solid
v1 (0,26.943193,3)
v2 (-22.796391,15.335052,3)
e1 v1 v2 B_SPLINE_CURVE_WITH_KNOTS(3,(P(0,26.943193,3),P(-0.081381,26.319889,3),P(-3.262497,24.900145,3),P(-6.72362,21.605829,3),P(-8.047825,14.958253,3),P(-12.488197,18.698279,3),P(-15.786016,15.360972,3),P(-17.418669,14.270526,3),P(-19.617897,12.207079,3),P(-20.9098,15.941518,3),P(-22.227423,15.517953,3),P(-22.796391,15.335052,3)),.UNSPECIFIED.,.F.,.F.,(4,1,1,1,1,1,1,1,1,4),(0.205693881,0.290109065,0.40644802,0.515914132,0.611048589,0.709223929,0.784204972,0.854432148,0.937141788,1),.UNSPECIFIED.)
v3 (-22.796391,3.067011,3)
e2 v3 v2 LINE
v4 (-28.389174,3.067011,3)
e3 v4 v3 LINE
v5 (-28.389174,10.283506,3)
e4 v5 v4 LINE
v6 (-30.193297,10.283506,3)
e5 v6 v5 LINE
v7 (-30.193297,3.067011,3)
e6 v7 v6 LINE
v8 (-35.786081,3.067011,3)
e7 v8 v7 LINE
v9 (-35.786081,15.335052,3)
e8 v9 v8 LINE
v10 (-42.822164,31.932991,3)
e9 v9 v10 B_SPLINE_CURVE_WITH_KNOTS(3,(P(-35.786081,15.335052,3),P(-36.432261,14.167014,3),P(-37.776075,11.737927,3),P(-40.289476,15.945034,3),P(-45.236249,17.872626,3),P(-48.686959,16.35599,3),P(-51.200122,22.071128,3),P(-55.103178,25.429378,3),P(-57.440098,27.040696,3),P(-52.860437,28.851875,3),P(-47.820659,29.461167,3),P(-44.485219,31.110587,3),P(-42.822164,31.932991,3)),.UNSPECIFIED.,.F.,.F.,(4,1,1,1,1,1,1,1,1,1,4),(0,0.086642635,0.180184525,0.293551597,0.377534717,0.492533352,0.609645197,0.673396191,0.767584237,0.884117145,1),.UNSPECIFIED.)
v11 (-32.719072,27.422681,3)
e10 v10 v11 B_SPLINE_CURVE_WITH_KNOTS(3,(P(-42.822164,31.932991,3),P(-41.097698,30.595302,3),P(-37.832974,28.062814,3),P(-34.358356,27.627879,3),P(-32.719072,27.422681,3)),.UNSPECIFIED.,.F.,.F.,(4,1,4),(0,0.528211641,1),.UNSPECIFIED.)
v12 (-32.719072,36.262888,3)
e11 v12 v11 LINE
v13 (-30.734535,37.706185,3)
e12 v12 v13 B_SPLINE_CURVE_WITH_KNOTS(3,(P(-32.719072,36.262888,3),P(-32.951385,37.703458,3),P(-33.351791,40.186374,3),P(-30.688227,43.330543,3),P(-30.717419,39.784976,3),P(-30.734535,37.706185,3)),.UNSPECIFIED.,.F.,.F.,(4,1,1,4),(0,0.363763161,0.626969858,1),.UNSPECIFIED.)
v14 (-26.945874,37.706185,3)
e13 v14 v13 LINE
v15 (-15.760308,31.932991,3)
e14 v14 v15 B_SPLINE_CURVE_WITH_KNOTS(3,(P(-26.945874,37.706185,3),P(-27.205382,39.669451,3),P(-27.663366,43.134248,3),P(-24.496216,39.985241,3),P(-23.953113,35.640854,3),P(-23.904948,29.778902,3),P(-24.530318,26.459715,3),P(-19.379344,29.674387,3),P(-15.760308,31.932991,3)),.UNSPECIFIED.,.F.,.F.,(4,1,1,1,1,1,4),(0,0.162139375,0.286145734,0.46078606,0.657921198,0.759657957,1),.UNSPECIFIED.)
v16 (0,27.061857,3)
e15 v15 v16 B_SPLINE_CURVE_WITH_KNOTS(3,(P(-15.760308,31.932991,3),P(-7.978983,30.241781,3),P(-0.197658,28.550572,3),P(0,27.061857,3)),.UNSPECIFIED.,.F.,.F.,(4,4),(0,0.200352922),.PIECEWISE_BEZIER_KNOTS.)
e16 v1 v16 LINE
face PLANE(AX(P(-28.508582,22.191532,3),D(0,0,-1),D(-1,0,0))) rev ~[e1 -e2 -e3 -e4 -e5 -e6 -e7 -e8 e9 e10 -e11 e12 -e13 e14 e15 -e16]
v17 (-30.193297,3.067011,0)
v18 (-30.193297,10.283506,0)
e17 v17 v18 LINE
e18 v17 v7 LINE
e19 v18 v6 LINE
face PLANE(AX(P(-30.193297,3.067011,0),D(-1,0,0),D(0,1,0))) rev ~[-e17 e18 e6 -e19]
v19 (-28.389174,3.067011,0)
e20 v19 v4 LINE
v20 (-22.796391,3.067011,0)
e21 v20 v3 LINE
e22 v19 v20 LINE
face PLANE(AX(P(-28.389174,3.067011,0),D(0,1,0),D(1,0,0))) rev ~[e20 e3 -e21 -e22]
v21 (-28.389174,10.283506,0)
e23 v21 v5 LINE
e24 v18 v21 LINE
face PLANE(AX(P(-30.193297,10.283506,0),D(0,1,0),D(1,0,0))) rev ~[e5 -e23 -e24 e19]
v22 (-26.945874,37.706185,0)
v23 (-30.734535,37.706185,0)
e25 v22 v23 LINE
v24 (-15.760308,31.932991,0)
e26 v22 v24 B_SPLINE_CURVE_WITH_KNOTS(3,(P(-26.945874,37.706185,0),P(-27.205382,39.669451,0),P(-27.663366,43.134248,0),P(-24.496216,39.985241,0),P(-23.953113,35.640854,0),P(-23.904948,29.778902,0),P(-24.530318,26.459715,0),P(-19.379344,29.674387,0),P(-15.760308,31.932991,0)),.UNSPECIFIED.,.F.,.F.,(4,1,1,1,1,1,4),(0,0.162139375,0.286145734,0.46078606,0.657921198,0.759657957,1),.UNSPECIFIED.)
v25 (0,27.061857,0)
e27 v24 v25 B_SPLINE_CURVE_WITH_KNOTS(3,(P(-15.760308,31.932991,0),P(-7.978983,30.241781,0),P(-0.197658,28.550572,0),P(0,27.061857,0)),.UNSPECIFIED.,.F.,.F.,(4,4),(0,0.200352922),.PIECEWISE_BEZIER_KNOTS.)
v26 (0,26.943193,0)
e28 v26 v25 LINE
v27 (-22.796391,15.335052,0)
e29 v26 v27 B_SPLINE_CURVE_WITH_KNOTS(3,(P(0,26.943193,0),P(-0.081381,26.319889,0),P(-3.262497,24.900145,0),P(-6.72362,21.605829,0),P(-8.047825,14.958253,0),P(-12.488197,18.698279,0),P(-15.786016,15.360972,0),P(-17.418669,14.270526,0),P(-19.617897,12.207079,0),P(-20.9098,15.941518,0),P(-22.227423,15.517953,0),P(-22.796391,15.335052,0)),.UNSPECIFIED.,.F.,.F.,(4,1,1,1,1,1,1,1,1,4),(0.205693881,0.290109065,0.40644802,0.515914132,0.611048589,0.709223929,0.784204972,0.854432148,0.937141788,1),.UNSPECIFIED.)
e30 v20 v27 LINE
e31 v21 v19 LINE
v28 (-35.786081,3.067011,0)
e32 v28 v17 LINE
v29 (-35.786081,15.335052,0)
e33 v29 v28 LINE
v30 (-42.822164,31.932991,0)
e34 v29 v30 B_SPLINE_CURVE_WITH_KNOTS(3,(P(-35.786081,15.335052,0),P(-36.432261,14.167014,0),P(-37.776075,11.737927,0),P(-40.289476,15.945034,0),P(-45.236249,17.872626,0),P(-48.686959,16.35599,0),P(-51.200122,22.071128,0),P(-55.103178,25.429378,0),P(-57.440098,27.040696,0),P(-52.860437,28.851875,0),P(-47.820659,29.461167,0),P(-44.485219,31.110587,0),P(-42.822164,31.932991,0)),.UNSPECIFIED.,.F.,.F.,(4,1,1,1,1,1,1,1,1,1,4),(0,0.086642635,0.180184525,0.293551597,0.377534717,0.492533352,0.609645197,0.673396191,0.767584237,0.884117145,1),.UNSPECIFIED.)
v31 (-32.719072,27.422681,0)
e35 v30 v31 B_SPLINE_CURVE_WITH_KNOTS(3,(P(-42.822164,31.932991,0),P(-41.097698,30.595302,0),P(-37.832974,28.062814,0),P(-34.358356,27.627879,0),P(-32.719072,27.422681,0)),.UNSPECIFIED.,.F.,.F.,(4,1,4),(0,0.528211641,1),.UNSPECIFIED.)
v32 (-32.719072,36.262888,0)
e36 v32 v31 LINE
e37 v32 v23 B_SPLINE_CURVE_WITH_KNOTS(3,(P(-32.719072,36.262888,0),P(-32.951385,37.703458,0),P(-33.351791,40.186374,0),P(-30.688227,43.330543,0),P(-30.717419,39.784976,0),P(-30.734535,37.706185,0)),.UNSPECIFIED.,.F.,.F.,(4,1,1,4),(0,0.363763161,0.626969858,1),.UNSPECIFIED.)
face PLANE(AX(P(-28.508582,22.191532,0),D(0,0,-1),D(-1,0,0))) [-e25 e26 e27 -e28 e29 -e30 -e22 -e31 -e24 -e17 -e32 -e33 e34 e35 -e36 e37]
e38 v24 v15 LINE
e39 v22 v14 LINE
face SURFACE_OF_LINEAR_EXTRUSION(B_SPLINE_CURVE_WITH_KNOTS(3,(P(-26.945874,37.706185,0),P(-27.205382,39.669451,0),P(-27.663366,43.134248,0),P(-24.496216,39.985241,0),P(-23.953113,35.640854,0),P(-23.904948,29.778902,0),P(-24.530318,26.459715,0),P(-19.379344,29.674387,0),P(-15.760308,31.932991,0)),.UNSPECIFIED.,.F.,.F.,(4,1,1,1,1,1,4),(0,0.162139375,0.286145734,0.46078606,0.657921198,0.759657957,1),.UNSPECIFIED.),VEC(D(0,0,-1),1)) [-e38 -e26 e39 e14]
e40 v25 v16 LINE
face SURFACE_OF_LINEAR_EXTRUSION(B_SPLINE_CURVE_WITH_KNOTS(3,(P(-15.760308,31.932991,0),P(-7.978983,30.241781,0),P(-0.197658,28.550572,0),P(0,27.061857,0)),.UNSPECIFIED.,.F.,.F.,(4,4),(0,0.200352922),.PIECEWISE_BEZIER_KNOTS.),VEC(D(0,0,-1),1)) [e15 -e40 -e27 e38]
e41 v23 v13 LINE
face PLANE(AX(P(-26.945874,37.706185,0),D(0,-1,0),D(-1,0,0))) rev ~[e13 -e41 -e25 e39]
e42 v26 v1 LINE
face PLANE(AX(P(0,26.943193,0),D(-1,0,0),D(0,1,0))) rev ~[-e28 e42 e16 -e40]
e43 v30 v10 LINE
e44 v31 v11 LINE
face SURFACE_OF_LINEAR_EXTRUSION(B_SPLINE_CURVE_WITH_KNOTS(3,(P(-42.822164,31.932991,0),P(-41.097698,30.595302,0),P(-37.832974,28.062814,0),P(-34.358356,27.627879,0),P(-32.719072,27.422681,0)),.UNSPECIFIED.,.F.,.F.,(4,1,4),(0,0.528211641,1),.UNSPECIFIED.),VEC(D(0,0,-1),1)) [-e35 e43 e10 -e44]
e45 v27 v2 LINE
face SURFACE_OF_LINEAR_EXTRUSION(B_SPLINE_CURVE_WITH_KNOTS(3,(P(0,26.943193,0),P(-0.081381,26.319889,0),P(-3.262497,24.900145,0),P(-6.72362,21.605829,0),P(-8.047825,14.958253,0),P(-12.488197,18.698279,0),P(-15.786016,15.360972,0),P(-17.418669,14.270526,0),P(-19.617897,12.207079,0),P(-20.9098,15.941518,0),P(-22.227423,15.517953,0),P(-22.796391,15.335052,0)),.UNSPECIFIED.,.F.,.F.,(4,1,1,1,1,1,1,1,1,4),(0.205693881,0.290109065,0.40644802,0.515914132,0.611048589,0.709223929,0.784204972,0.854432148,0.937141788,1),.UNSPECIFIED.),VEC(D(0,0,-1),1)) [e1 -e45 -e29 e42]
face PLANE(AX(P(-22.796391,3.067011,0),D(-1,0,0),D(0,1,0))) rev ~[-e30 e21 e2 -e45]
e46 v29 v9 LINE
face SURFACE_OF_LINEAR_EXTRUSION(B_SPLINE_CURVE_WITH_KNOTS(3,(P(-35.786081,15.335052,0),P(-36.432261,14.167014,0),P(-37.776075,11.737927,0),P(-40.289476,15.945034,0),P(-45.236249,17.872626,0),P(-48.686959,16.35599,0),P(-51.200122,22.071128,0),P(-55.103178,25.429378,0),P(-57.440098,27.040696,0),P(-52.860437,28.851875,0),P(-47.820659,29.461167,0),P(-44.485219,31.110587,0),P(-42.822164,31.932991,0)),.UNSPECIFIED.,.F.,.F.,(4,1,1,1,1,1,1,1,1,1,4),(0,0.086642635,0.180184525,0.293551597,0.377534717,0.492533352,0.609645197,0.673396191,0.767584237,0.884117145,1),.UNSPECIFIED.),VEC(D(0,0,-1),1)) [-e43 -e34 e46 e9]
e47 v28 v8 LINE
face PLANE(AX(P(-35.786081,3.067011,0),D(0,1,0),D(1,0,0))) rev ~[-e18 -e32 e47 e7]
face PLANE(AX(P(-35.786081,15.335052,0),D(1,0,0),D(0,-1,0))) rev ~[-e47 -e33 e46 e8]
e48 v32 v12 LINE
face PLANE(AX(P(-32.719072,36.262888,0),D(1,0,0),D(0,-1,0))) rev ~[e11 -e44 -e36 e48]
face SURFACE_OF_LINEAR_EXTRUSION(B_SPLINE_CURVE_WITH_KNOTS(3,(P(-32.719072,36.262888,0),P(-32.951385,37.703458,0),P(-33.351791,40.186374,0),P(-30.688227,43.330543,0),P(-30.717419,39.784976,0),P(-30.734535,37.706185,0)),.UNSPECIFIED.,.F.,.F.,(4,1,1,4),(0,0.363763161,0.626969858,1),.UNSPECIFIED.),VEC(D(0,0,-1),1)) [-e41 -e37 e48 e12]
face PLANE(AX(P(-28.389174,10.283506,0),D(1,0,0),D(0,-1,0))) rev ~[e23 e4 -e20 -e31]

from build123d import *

# Parameters (mm, degrees)
F0_R     = 3.0828871826
F1_DEPTH = 3


with BuildPart() as f1:
    # F0 (on Top) → F1 (new body)
    with BuildSketch(Plane.XY):
        with BuildLine():
            add(Edge.make_bspline(
                [(0, 26.9431930702), (-0.0813812973, 26.3198887815), (-3.2624966971, 24.9001450806), (-6.7236197926, 21.6058290491), (-8.047824953, 14.958252634), (-12.4881969458, 18.69827943), (-15.7860160219, 15.3609723167), (-17.4186694562, 14.2705259024), (-19.6178971471, 12.2070789577), (-20.9098004004, 15.9415175837), (-22.227422942, 15.517953223), (-22.7963905782, 15.3350522742)],
                knots=[0.2056938811, 0.2056938811, 0.2056938811, 0.2056938811, 0.2901090655, 0.4064480196, 0.5159141319, 0.6110485889, 0.709223929, 0.7842049719, 0.8544321479, 0.9371417882, 1, 1, 1, 1], degree=3))
            Line((0, 26.9431930702), (0, 27.0618572831))
            add(Edge.make_bspline(
                [(-15.7603081316, 31.932990998), (-7.9789830104, 30.2417813469), (-0.1976578892, 28.5505716959), (0, 27.0618572831)],
                knots=[0, 0, 0, 0, 0.2003529217, 0.2003529217, 0.2003529217, 0.2003529217], degree=3))
            add(Edge.make_bspline(
                [(-26.945874095, 37.7061851323), (-27.205382433, 39.6694506358), (-27.6633662123, 43.1342478047), (-24.4962157439, 39.9852406429), (-23.9531127342, 35.6408540235), (-23.9049484672, 29.7789021763), (-24.5303178112, 26.4597153594), (-19.3793441987, 29.674386656), (-15.7603081316, 31.932990998)],
                knots=[0, 0, 0, 0, 0.1621393755, 0.2861457343, 0.46078606, 0.6579211984, 0.7596579571, 1, 1, 1, 1], degree=3))
            Line((-26.945874095, 37.7061851323), (-30.7345353067, 37.7061851323))
            add(Edge.make_bspline(
                [(-32.7190719545, 36.2628884614), (-32.9513847642, 37.703457619), (-33.3517912503, 40.1863738005), (-30.6882267352, 43.3305431804), (-30.7174194262, 39.7849760994), (-30.7345353067, 37.7061851323)],
                knots=[0, 0, 0, 0, 0.3637631614, 0.6269698576, 1, 1, 1, 1], degree=3))
            Line((-32.7190719545, 36.2628884614), (-32.7190719545, 27.4226814508))
            add(Edge.make_bspline(
                [(-42.822163552, 31.932990998), (-41.0976982257, 30.5953016566), (-37.8329740247, 28.0628142243), (-34.3583561983, 27.6278788823), (-32.7190719545, 27.4226814508)],
                knots=[0, 0, 0, 0, 0.5282116406, 1, 1, 1, 1], degree=3))
            add(Edge.make_bspline(
                [(-35.7860811055, 15.3350522742), (-36.4322607488, 14.167013573), (-37.7760745919, 11.7379265662), (-40.2894755189, 15.9450337697), (-45.2362494543, 17.8726257703), (-48.6869591399, 16.3559896358), (-51.2001222037, 22.0711276856), (-55.103178445, 25.4293781719), (-57.4400981183, 27.0406956043), (-52.8604368637, 28.8518746537), (-47.8206585503, 29.4611669546), (-44.4852188796, 31.1105874255), (-42.822163552, 31.932990998)],
                knots=[0, 0, 0, 0, 0.0866426348, 0.1801845249, 0.2935515974, 0.3775347168, 0.492533352, 0.6096451972, 0.6733961915, 0.7675842369, 0.8841171446, 1, 1, 1, 1], degree=3))
            Line((-35.7860811055, 15.3350522742), (-35.7860811055, 3.067010548))
            Line((-35.7860811055, 3.067010548), (-30.1932971925, 3.067010548))
            Line((-30.1932971925, 3.067010548), (-30.1932971925, 4.6907220967))
            Line((-30.1932971925, 4.6907220967), (-30.1932971925, 10.2835055441))
            Line((-30.1932971925, 10.2835055441), (-28.3891744912, 10.2835055441))
            Line((-28.3891744912, 10.2835055441), (-28.3891744912, 3.067010548))
            Line((-28.3891744912, 3.067010548), (-22.7963905782, 3.067010548))
            Line((-22.7963905782, 3.067010548), (-22.7963905782, 15.3350522742))
        make_face()
        with Locations((-41.4046421647, 24.7164946049)):
            Circle(F0_R, mode=Mode.SUBTRACT)
        with Locations((-41.4046421647, 24.7164946049)):
            Circle(F0_R)
    extrude(amount=F1_DEPTH)


solid = f1.part
